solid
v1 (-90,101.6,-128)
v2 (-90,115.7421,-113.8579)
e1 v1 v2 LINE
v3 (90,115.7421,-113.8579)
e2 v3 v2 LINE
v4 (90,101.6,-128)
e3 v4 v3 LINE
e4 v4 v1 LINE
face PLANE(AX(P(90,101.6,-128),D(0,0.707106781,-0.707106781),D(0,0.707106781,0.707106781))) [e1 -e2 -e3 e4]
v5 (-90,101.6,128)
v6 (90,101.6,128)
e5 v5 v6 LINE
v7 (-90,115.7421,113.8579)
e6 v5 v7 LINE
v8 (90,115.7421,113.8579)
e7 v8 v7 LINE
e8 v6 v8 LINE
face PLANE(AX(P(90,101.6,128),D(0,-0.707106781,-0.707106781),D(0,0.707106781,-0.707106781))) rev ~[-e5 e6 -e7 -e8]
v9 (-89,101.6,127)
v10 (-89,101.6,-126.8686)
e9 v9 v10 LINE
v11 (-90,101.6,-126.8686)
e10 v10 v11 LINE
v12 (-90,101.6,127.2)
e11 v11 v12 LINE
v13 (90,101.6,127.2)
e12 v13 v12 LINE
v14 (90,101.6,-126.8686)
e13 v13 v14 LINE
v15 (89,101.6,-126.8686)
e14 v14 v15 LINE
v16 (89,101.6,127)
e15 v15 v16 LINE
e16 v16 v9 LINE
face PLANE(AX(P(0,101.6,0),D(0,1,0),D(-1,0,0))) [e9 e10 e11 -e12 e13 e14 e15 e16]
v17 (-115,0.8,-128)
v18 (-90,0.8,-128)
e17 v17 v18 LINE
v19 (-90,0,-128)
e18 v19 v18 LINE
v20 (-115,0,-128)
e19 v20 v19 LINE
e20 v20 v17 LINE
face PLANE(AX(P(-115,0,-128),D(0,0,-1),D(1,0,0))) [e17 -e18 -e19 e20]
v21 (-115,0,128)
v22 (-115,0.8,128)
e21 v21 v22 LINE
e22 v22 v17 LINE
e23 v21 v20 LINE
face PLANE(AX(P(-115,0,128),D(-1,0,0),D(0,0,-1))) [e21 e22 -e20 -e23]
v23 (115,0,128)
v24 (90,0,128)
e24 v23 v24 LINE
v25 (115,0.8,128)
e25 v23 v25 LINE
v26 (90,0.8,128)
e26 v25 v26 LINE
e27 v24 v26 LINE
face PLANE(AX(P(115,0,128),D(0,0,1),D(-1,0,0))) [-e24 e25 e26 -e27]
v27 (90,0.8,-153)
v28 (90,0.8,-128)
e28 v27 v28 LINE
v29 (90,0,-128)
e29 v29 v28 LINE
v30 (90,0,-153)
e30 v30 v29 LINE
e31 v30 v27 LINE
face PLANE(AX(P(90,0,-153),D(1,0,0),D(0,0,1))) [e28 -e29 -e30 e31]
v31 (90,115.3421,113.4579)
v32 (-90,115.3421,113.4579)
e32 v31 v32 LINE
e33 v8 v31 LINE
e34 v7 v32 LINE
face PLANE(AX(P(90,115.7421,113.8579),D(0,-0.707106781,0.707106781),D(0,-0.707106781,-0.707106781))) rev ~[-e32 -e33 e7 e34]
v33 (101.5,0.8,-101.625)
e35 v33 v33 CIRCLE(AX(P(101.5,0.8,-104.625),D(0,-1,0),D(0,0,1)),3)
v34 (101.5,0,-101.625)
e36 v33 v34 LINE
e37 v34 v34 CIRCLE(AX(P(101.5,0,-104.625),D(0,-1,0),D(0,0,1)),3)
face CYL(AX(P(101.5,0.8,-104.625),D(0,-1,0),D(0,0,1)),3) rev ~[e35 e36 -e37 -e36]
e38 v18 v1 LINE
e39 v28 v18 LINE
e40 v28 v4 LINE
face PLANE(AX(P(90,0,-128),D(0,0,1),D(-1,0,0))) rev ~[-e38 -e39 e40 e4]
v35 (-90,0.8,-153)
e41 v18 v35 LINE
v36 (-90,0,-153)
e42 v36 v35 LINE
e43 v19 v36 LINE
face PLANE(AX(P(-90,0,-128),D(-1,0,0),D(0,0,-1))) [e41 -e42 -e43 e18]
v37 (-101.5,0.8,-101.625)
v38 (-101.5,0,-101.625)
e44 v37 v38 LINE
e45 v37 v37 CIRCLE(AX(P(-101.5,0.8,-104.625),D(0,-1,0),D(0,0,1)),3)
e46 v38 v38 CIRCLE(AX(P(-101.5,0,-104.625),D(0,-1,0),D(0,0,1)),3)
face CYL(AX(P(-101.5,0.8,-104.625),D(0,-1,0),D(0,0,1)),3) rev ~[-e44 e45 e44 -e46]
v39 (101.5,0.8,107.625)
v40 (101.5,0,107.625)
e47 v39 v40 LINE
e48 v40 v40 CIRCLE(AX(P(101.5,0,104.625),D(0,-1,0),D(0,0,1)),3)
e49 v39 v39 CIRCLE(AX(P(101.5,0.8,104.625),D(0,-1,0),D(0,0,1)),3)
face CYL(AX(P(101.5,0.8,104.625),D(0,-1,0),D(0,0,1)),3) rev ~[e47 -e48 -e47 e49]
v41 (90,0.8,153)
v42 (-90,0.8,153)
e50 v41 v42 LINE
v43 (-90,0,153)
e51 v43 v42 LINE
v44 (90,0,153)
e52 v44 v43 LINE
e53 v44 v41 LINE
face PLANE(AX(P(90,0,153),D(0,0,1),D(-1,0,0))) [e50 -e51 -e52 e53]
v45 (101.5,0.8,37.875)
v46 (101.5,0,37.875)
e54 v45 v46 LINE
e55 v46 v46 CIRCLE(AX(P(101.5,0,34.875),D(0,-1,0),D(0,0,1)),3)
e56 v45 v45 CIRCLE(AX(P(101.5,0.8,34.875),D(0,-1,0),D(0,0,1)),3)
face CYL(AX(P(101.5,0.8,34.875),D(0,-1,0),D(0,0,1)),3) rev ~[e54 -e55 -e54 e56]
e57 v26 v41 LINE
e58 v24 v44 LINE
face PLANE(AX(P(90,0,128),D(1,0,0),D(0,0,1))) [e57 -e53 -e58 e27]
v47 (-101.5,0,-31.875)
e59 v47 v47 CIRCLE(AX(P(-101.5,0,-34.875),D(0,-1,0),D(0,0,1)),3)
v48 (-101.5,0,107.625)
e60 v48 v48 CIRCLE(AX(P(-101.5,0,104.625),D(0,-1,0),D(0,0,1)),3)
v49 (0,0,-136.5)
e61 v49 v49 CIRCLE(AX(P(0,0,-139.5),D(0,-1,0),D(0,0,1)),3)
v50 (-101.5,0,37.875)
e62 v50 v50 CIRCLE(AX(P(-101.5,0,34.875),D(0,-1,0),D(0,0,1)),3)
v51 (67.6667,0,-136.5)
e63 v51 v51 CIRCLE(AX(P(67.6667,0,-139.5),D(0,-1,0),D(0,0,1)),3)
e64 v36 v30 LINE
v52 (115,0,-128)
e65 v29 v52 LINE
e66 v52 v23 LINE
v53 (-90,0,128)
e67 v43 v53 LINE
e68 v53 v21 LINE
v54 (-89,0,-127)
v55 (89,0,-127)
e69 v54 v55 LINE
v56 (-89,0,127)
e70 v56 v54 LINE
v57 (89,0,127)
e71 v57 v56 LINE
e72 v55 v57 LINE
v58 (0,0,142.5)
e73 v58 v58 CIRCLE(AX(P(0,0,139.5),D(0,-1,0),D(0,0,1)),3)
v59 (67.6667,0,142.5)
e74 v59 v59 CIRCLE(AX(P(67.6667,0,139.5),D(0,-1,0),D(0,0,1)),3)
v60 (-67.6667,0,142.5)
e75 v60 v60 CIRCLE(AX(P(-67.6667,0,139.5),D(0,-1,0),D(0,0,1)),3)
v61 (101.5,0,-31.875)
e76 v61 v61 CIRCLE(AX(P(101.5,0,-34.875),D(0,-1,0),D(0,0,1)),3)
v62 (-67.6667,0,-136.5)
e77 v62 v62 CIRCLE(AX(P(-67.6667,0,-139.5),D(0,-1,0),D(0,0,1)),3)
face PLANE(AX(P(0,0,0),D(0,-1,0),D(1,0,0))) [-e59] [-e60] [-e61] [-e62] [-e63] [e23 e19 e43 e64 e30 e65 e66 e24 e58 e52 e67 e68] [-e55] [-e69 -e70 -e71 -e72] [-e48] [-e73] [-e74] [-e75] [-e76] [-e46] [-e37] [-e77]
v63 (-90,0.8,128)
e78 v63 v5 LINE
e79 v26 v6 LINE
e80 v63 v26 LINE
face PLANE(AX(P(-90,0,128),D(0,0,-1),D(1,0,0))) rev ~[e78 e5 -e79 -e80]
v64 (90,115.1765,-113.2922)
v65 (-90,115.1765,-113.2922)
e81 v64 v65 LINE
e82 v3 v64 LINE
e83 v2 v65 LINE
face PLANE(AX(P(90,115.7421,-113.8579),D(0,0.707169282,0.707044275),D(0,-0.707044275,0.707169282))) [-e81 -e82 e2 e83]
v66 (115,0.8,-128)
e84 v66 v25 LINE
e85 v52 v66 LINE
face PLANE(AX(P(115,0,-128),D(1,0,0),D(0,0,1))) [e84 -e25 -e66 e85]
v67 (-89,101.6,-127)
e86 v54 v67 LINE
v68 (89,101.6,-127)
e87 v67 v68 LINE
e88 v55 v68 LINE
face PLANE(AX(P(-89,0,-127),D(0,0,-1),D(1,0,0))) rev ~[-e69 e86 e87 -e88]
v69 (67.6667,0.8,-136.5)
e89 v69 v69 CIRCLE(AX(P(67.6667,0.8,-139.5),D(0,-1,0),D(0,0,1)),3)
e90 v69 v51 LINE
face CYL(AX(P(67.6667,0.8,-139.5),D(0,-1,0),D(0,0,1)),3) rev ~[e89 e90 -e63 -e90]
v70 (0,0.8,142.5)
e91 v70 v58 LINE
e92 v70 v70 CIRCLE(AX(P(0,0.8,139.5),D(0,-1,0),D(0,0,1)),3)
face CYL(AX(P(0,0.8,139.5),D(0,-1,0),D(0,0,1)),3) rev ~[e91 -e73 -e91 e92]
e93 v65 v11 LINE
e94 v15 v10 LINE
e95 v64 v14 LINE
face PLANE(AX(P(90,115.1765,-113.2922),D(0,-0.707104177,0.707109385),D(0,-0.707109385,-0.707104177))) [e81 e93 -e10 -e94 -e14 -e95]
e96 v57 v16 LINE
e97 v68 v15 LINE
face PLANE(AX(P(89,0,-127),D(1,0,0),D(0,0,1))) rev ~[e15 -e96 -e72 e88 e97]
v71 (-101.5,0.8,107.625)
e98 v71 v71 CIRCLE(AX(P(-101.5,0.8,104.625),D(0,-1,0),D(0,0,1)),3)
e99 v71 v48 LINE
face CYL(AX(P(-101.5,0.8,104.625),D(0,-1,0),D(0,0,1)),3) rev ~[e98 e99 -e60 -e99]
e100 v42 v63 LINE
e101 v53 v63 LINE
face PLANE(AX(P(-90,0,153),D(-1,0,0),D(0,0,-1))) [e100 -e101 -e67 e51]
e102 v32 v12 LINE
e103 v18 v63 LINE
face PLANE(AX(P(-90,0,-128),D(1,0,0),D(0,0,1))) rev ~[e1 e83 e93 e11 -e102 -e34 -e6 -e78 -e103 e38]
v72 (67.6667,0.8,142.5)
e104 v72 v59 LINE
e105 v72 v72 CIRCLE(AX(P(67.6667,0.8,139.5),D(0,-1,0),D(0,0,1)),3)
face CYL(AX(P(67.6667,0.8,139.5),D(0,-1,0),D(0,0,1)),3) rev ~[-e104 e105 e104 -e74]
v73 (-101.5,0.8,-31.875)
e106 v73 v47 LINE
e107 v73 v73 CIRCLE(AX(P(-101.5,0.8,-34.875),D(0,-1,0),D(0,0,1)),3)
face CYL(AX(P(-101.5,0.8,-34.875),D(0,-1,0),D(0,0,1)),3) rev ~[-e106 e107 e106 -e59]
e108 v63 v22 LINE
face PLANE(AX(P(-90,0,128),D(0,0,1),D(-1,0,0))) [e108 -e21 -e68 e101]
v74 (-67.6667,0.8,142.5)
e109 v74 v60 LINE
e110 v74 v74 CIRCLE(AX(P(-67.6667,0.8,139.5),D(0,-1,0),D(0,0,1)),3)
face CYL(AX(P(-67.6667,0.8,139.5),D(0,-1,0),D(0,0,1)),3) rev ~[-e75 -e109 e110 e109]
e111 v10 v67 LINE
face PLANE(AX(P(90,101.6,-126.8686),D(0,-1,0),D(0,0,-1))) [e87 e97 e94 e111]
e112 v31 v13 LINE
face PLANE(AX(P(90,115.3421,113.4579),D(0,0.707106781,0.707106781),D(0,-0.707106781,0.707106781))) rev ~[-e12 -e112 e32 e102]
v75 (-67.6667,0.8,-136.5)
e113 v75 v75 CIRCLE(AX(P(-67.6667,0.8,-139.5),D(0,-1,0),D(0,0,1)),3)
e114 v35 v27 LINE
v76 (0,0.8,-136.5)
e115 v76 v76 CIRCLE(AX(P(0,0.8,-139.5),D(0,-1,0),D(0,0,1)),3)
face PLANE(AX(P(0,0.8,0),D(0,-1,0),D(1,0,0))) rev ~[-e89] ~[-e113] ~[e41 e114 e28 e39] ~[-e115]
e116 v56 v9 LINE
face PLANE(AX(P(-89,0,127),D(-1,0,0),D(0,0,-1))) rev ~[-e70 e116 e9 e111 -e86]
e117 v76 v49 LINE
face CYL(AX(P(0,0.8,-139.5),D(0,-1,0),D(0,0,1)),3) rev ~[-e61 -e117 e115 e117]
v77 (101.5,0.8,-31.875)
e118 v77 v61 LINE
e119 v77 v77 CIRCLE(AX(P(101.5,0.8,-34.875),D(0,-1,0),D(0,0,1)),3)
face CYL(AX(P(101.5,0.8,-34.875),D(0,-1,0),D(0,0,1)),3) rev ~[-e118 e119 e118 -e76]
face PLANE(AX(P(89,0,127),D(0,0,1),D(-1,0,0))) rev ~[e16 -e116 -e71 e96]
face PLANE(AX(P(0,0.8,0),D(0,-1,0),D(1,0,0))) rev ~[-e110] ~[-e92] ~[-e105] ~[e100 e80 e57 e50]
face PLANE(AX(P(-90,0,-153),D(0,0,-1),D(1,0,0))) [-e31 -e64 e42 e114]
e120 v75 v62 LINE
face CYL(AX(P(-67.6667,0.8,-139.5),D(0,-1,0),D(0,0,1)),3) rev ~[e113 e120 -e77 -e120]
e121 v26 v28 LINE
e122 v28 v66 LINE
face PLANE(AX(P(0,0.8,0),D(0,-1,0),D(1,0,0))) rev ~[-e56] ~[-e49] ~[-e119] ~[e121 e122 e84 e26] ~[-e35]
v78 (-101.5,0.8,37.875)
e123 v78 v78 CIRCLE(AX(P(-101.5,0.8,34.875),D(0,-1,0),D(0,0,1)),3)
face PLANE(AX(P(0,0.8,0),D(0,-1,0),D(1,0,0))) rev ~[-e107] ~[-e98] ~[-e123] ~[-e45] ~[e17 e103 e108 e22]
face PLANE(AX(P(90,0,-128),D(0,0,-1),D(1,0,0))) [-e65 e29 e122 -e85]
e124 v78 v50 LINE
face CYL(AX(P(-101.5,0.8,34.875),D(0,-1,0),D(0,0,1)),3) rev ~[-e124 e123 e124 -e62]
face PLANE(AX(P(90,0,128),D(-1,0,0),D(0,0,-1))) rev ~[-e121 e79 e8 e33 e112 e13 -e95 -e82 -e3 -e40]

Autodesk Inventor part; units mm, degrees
ref_plane "YZ Plane" through (0, 0, 0) normal (1, 0, 0) x (0, 1, 0)
ref_plane "XZ Plane" through (0, 0, 0) normal (0, 1, 0) x (-1, 0, 0)
ref_plane "XY Plane" through (0, 0, 0) normal (0, 0, 1) x (1, 0, 0)
sketch "Sketch1" plane through (0, 0, 0) normal (0, 1, 0) x (-1, 0, 0)
  line L0 (-89, 127) -> (89, 127)
  line L1 (89, 127) -> (89, -127)
  line L2 (89, -127) -> (-89, -127)
  line L3 (-89, -127) -> (-89, 127)
  line L4 (-89, 127) -> (89, -127) construction
  line L5 (89, 127) -> (-89, -127) construction
  line L6 (90, 128) -> (-90, 128)
  line L7 (-90, 128) -> (-90, -128)
  line L8 (-90, -128) -> (90, -128)
  line L9 (90, -128) -> (90, 128)
  point P0 (0, 0)
  dimension "d0" = 178
  dimension "d1" = 254
  dimension "d2" = 1
extrude "Extrusion1" add sketch "Sketch1" along normal blind 101.6
sketch "Sketch3" plane through (0, 0, 0) normal (0, -1, 0) x (1, 0, 0)
  line L0 (90, 128) -> (90, -128) projected
  line L1 (90, -128) -> (-90, -128) projected
  line L2 (90, 128) -> (90, -128)
  line L3 (90, -128) -> (115, -128)
  line L4 (115, -128) -> (115, 128)
  line L5 (115, 128) -> (90, 128)
  line L6 (90, -128) -> (-90, -128)
  line L7 (-90, -128) -> (-90, -153)
  line L8 (-90, -153) -> (90, -153)
  line L9 (90, -153) -> (90, -128)
  line L10 (-90, 128) -> (90, 128) projected
  line L11 (-90, -128) -> (-90, 128)
  line L12 (-90, 128) -> (-115, 128)
  line L13 (-115, 128) -> (-115, -128)
  line L14 (-115, -128) -> (-90, -128)
  line L15 (-90, 128) -> (90, 128)
  line L16 (90, 128) -> (90, 153)
  line L17 (90, 153) -> (-90, 153)
  line L18 (-90, 153) -> (-90, 128)
  point P0 (0, 0)
  dimension "d11" = 25
  dimension "d12" = 25
  dimension "d13" = 25
  dimension "d14" = 25
extrude "Extrusion3" add sketch "Sketch3" against normal blind 0.8 contours L5 L4 L3 L0 | L10 L18 L17 L16 | L9 L8 L7 L1 | L11 L14 L13 L12
sketch "Sketch4" plane through (0, 0.8, 0) normal (0, 1, 0) x (1, 0, 0)
  line L0 (101.5, 139.5) -> (-101.5, 139.5) construction
  line L1 (-101.5, 139.5) -> (-101.5, -139.5) construction
  line L2 (-101.5, -139.5) -> (101.5, -139.5) construction
  line L3 (101.5, -139.5) -> (101.5, 139.5) construction
  line L4 (101.5, 139.5) -> (-101.5, -139.5) construction
  line L5 (-101.5, 139.5) -> (101.5, -139.5) construction
  line L6 (0, 0) -> (0, -60) construction
  line L7 (0, 0) -> (60, 0) construction
  point P0 (-101.5, 0)
  point P1 (101.5, 0)
  point P2 (101.5, 104.625)
  point P3 (101.5, 69.75)
  point P4 (101.5, 34.875)
  point P5 (101.5, 0)
  point P6 (101.5, -34.875)
  point P7 (101.5, -69.75)
  point P8 (101.5, -104.625)
  point P9 (67.6667, 139.5)
  point P10 (33.8333, 139.5)
  point P11 (0, 139.5)
  point P12 (-33.8333, 139.5)
  point P13 (-67.6667, 139.5)
  point P14 (-101.5, 139.5)
  point P15 (67.6667, -139.5)
  point P16 (33.8333, -139.5)
  point P17 (0, -139.5)
  point P18 (-33.8333, -139.5)
  point P19 (-67.6667, -139.5)
  point P20 (-101.5, -139.5)
  point P21 (-101.5, 104.625)
  point P22 (-101.5, 69.75)
  point P23 (-101.5, 34.875)
  point P24 (-101.5, 0)
  point P25 (-101.5, -34.875)
  point P26 (-101.5, -69.75)
  point P27 (-101.5, -104.625)
  dimension "d18" = 203
  dimension "d19" = 279
  dimension "d21" = 60
  dimension "d22" = 90
  dimension "d63" = 34.875
  dimension "d70" = 33.8333
  dimension "d77" = 33.8333
  dimension "d84" = 34.875
hole "Hole1" at (101.5, 0.8, -139.5) at (101.5, 0.8, -104.625) at (101.5, 0.8, -34.875) at (101.5, 0.8, 34.875) at (101.5, 0.8, 104.625) at (101.5, 0.8, 139.5) at (67.6667, 0.8, -139.5) at (0, 0.8, -139.5) at (-67.6667, 0.8, -139.5) at (-101.5, 0.8, -139.5) at (67.6667, 0.8, 139.5) at (0, 0.8, 139.5) at (-67.6667, 0.8, 139.5) at (-101.5, 0.8, 139.5) at (-101.5, 0.8, -104.625) at (-101.5, 0.8, -34.875) at (-101.5, 0.8, 34.875) at (-101.5, 0.8, 104.625) direction (0, -1, 0) diameter 6 end through all
sketch "Sketch9" plane through (90, 0.8, 128) normal (1, 0, 0) x (0, 0, -1)
  line L0 (0, 100.8) -> (14.1421, 114.9421)
  line L1 (0, 100.8) -> (20, 100.8) construction
  line L2 (14.5421, 114.5421) -> (0.8, 100.8)
  line L3 (14.1421, 114.9421) -> (14.5421, 114.5421)
  line L4 (256, 0) -> (256, 100.8) projected
  line L5 (256, 100.8) -> (241.8579, 114.9421)
  line L6 (256, 100.8) -> (276, 100.8) construction
  line L7 (0, 100.8) -> (256, 100.8) projected
  line L8 (229, 100.8) -> (256, 100.8)
  line L9 (256, 100.8) -> (0, 100.8) projected
  line L10 (0, 100.8) -> (0.8, 100.8)
  line L11 (241.2922, 114.3765) -> (254.8686, 100.8)
  line L12 (241.8579, 114.9421) -> (241.2922, 114.3765)
  point P0 (128, -0.8)
  dimension "d51" = 20
  dimension "d52" = 45
  dimension "d53" = 20
  dimension "d54" = 135
  dimension "d89" = 0.8
extrude "Extrusion8" add sketch "Sketch9" against normal up to surface (180 mm away)
properties part number "chimneyHousing"
